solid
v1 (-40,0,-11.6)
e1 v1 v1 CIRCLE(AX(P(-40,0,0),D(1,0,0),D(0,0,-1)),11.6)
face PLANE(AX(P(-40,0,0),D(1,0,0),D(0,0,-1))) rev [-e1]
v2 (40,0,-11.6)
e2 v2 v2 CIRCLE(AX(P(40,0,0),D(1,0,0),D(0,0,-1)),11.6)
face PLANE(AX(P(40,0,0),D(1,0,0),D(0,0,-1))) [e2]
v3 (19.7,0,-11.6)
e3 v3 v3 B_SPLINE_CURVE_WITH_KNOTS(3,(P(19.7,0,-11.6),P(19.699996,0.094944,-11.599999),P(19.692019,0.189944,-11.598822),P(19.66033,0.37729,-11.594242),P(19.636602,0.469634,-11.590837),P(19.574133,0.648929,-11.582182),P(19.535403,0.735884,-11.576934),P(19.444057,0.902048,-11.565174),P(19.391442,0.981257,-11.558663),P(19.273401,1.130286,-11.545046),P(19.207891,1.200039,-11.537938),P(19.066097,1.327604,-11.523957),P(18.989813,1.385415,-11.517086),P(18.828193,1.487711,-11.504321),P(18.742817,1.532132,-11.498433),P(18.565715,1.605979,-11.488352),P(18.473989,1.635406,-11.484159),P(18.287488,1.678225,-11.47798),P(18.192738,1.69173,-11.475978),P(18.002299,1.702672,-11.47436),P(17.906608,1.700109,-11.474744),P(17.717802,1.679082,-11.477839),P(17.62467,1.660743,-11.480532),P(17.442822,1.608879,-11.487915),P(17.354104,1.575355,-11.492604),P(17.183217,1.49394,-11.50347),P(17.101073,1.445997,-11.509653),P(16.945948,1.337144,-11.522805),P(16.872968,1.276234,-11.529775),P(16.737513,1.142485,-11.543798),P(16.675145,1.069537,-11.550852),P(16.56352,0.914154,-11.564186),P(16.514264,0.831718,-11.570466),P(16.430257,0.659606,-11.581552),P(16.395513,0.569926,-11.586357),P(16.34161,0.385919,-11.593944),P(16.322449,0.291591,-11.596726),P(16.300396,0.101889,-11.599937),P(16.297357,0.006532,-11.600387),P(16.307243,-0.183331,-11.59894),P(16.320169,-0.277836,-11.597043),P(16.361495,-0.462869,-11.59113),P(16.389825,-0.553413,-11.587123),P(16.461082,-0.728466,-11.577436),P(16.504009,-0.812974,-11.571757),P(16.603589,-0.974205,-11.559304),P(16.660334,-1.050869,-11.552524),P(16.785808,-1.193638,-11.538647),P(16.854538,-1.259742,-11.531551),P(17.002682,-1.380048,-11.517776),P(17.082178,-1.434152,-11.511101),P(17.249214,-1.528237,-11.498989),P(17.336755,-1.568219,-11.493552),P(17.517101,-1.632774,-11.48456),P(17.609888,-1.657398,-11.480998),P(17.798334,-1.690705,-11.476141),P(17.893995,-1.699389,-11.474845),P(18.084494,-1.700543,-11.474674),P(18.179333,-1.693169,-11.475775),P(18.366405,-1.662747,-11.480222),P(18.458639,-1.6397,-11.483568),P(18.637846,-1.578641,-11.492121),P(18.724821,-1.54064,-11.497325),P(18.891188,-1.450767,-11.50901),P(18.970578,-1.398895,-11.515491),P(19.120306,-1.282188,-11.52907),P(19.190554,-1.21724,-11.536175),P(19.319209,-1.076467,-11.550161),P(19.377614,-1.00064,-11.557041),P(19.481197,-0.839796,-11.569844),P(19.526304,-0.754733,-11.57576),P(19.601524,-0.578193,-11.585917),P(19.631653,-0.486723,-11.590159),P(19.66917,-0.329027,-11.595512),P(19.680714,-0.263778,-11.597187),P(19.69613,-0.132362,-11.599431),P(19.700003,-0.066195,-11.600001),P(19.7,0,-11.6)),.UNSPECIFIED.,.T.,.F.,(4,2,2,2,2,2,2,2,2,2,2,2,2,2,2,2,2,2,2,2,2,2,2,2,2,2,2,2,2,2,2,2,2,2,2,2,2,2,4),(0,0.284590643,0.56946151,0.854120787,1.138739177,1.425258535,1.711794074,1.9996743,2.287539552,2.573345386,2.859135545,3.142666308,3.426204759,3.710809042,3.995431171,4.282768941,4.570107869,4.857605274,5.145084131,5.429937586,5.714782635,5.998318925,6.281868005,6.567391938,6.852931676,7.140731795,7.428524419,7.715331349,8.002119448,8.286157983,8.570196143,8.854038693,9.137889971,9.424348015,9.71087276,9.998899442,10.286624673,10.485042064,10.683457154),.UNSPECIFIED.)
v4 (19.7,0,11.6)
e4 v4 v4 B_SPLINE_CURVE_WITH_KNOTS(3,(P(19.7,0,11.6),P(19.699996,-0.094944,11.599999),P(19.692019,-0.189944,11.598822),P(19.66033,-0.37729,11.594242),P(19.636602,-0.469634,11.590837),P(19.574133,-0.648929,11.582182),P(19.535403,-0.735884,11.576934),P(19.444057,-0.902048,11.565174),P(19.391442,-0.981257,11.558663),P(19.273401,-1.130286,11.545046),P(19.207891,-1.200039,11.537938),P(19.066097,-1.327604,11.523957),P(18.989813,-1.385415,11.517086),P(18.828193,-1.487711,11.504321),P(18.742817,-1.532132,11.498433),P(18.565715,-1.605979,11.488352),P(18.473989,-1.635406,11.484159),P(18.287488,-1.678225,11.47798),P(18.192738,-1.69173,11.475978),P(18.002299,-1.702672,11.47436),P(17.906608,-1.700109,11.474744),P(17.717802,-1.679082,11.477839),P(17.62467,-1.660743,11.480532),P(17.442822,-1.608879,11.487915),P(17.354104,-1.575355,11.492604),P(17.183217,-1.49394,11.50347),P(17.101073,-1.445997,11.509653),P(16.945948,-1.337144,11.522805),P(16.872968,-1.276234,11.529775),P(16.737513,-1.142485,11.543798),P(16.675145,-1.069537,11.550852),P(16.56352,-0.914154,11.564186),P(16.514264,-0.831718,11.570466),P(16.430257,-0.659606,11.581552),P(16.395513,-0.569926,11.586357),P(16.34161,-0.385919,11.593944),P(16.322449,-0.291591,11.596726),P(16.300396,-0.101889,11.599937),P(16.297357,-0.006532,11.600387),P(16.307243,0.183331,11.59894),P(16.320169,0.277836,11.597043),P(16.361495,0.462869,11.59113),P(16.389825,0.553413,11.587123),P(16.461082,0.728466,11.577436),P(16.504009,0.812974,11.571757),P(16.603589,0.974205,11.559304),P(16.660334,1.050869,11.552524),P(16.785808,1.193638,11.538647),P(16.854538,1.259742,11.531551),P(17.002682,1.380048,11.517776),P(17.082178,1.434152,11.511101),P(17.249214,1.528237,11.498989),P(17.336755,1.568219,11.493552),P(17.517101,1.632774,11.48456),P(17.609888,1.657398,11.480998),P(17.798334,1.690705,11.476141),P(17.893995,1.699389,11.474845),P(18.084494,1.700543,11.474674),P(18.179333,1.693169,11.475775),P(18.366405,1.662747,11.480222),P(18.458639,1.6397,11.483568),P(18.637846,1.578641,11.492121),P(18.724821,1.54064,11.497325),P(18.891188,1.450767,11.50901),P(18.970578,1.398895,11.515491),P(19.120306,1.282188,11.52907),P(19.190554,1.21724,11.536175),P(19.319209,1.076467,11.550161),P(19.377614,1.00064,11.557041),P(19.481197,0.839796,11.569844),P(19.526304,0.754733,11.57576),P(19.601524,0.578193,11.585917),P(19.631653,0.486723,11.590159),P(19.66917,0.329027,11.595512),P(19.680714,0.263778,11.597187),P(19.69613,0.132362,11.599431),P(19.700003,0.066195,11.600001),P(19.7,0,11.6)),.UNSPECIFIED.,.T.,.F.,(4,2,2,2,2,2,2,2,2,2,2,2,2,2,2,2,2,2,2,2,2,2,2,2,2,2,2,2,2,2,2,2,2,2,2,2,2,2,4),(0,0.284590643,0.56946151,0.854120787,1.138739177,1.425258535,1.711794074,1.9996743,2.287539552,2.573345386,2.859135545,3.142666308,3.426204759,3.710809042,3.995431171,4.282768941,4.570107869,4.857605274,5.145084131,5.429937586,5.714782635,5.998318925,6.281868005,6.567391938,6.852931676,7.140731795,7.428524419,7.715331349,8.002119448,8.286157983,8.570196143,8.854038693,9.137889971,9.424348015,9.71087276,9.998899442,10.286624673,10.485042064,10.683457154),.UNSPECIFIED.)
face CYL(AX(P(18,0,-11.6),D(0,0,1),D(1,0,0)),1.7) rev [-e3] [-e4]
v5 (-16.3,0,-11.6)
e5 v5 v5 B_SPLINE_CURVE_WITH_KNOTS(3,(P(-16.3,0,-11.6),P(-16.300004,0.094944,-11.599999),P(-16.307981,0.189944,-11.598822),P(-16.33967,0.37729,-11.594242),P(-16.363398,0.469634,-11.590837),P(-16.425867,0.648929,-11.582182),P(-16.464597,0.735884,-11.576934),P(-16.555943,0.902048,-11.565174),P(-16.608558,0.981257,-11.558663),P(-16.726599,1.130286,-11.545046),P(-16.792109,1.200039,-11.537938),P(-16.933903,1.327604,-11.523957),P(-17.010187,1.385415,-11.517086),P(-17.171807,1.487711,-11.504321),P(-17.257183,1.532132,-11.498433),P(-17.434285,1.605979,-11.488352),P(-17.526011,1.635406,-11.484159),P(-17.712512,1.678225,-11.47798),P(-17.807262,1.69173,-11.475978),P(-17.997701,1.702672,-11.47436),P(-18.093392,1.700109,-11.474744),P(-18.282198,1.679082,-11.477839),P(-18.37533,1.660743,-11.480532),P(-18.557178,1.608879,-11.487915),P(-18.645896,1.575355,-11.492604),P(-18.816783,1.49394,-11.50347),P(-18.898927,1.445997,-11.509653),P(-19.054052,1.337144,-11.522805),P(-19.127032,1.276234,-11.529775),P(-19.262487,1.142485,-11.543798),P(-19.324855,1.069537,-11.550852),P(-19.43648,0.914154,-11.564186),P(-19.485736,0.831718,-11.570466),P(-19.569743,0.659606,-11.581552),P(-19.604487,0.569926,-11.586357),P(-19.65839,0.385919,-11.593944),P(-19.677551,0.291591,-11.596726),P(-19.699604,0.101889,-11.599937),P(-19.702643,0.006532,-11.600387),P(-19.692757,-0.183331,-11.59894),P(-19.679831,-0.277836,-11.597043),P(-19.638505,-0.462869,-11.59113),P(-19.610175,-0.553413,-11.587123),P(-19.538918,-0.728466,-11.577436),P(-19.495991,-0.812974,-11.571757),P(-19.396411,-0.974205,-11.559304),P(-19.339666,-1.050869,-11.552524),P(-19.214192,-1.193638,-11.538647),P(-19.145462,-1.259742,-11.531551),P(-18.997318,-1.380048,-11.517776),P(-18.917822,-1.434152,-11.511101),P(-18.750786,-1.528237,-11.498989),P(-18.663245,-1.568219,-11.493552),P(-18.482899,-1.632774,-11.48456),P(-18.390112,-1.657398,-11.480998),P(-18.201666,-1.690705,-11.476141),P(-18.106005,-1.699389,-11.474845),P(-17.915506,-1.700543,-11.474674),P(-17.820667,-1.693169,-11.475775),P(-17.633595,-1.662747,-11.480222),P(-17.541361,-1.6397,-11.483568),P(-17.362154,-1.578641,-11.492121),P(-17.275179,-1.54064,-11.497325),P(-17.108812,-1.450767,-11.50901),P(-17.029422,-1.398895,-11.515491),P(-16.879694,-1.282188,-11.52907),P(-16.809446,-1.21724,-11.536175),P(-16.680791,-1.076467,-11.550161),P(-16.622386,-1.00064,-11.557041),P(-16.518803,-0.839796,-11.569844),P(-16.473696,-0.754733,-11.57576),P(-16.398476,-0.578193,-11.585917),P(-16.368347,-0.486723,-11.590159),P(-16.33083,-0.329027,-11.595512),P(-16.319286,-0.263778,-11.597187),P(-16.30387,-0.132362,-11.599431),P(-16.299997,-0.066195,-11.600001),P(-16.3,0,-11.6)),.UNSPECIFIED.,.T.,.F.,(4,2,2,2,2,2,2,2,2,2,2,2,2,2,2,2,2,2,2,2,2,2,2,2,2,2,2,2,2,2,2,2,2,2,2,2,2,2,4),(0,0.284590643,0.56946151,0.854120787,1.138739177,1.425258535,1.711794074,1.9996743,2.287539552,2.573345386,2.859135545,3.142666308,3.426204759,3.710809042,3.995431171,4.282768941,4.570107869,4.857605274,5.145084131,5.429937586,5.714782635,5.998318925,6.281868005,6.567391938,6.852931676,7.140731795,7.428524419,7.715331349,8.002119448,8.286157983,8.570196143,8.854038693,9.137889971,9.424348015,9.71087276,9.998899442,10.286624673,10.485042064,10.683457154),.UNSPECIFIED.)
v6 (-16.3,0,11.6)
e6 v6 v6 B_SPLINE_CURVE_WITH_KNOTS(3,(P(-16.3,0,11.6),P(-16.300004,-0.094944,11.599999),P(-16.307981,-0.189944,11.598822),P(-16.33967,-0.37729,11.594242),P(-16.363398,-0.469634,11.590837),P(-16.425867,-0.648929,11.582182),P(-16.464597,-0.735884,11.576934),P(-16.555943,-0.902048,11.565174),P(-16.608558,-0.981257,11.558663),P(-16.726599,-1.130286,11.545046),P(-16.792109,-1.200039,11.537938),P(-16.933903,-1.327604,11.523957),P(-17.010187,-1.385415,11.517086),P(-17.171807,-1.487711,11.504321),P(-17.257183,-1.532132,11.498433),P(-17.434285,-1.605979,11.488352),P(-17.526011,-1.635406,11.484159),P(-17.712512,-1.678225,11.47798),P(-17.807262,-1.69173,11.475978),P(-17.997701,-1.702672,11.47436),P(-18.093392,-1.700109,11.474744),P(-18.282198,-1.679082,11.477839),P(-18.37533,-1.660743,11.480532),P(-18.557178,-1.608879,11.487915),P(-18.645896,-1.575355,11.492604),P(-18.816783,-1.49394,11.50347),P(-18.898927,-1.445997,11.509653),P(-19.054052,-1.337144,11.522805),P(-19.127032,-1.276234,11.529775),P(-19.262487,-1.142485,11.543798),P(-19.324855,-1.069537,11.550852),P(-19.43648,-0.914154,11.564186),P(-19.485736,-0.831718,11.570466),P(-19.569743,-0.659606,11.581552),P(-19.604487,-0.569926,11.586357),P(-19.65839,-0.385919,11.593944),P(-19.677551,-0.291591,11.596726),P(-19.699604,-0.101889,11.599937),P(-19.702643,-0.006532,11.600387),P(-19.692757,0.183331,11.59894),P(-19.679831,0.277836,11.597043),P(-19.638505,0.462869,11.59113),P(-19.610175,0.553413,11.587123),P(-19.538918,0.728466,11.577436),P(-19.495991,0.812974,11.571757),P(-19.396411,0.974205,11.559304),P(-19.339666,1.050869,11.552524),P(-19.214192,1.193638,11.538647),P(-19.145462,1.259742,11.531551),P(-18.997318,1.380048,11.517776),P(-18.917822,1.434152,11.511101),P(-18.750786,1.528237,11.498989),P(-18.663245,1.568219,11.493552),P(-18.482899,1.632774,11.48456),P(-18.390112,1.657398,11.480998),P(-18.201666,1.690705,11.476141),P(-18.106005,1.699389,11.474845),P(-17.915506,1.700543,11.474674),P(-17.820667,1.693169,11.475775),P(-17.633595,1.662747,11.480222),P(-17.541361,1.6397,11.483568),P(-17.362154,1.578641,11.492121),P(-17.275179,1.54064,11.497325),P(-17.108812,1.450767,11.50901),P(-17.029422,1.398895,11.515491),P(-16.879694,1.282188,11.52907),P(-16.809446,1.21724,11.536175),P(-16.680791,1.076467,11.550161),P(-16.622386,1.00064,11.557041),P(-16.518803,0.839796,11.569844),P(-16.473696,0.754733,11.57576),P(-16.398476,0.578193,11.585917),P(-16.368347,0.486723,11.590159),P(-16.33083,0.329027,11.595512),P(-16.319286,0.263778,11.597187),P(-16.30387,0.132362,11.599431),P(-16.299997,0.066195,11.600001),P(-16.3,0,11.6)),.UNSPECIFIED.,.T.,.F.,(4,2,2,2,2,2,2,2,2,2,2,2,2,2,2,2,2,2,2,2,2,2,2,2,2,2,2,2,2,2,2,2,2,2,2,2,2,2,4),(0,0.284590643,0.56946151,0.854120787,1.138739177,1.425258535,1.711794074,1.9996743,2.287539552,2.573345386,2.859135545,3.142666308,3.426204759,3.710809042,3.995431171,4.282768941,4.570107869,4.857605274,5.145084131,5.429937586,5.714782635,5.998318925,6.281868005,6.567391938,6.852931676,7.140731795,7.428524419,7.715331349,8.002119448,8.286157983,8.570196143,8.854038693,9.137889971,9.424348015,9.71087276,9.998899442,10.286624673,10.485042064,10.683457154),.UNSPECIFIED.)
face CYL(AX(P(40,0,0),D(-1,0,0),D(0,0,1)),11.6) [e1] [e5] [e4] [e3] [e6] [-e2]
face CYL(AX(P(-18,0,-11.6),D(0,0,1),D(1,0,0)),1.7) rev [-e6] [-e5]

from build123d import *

# Parameters (mm, degrees)
SKETCH1_R               = 11.6
BOSS_EXTRUDE1_DEPTH     = 40
CUT_EXTRUDE1_DEPTH      = 44.233320483
CUT_EXTRUDE1_DEPTH_BACK = 44.233320483
SKETCH2_R               = 1.7


with BuildPart() as part:
    # Sketch1 → Boss-Extrude1 (new, symmetric)
    with BuildSketch(Plane(origin=(0, 0, 0), x_dir=(0, 0, -1), z_dir=(1, 0, 0))):
        Circle(SKETCH1_R)
    extrude(amount=BOSS_EXTRUDE1_DEPTH, both=True)

    # Sketch2 → Cut-Extrude1 (cut, two sides: drawn at the far end of the back side and taken through both)
    with BuildSketch(Plane.XY.offset(-CUT_EXTRUDE1_DEPTH_BACK)):
        with Locations((18, 0)):
            Circle(SKETCH2_R)
        with Locations((-18, 0)):
            Circle(SKETCH2_R)
    extrude(amount=CUT_EXTRUDE1_DEPTH + CUT_EXTRUDE1_DEPTH_BACK, mode=Mode.SUBTRACT)


solid = part.part
